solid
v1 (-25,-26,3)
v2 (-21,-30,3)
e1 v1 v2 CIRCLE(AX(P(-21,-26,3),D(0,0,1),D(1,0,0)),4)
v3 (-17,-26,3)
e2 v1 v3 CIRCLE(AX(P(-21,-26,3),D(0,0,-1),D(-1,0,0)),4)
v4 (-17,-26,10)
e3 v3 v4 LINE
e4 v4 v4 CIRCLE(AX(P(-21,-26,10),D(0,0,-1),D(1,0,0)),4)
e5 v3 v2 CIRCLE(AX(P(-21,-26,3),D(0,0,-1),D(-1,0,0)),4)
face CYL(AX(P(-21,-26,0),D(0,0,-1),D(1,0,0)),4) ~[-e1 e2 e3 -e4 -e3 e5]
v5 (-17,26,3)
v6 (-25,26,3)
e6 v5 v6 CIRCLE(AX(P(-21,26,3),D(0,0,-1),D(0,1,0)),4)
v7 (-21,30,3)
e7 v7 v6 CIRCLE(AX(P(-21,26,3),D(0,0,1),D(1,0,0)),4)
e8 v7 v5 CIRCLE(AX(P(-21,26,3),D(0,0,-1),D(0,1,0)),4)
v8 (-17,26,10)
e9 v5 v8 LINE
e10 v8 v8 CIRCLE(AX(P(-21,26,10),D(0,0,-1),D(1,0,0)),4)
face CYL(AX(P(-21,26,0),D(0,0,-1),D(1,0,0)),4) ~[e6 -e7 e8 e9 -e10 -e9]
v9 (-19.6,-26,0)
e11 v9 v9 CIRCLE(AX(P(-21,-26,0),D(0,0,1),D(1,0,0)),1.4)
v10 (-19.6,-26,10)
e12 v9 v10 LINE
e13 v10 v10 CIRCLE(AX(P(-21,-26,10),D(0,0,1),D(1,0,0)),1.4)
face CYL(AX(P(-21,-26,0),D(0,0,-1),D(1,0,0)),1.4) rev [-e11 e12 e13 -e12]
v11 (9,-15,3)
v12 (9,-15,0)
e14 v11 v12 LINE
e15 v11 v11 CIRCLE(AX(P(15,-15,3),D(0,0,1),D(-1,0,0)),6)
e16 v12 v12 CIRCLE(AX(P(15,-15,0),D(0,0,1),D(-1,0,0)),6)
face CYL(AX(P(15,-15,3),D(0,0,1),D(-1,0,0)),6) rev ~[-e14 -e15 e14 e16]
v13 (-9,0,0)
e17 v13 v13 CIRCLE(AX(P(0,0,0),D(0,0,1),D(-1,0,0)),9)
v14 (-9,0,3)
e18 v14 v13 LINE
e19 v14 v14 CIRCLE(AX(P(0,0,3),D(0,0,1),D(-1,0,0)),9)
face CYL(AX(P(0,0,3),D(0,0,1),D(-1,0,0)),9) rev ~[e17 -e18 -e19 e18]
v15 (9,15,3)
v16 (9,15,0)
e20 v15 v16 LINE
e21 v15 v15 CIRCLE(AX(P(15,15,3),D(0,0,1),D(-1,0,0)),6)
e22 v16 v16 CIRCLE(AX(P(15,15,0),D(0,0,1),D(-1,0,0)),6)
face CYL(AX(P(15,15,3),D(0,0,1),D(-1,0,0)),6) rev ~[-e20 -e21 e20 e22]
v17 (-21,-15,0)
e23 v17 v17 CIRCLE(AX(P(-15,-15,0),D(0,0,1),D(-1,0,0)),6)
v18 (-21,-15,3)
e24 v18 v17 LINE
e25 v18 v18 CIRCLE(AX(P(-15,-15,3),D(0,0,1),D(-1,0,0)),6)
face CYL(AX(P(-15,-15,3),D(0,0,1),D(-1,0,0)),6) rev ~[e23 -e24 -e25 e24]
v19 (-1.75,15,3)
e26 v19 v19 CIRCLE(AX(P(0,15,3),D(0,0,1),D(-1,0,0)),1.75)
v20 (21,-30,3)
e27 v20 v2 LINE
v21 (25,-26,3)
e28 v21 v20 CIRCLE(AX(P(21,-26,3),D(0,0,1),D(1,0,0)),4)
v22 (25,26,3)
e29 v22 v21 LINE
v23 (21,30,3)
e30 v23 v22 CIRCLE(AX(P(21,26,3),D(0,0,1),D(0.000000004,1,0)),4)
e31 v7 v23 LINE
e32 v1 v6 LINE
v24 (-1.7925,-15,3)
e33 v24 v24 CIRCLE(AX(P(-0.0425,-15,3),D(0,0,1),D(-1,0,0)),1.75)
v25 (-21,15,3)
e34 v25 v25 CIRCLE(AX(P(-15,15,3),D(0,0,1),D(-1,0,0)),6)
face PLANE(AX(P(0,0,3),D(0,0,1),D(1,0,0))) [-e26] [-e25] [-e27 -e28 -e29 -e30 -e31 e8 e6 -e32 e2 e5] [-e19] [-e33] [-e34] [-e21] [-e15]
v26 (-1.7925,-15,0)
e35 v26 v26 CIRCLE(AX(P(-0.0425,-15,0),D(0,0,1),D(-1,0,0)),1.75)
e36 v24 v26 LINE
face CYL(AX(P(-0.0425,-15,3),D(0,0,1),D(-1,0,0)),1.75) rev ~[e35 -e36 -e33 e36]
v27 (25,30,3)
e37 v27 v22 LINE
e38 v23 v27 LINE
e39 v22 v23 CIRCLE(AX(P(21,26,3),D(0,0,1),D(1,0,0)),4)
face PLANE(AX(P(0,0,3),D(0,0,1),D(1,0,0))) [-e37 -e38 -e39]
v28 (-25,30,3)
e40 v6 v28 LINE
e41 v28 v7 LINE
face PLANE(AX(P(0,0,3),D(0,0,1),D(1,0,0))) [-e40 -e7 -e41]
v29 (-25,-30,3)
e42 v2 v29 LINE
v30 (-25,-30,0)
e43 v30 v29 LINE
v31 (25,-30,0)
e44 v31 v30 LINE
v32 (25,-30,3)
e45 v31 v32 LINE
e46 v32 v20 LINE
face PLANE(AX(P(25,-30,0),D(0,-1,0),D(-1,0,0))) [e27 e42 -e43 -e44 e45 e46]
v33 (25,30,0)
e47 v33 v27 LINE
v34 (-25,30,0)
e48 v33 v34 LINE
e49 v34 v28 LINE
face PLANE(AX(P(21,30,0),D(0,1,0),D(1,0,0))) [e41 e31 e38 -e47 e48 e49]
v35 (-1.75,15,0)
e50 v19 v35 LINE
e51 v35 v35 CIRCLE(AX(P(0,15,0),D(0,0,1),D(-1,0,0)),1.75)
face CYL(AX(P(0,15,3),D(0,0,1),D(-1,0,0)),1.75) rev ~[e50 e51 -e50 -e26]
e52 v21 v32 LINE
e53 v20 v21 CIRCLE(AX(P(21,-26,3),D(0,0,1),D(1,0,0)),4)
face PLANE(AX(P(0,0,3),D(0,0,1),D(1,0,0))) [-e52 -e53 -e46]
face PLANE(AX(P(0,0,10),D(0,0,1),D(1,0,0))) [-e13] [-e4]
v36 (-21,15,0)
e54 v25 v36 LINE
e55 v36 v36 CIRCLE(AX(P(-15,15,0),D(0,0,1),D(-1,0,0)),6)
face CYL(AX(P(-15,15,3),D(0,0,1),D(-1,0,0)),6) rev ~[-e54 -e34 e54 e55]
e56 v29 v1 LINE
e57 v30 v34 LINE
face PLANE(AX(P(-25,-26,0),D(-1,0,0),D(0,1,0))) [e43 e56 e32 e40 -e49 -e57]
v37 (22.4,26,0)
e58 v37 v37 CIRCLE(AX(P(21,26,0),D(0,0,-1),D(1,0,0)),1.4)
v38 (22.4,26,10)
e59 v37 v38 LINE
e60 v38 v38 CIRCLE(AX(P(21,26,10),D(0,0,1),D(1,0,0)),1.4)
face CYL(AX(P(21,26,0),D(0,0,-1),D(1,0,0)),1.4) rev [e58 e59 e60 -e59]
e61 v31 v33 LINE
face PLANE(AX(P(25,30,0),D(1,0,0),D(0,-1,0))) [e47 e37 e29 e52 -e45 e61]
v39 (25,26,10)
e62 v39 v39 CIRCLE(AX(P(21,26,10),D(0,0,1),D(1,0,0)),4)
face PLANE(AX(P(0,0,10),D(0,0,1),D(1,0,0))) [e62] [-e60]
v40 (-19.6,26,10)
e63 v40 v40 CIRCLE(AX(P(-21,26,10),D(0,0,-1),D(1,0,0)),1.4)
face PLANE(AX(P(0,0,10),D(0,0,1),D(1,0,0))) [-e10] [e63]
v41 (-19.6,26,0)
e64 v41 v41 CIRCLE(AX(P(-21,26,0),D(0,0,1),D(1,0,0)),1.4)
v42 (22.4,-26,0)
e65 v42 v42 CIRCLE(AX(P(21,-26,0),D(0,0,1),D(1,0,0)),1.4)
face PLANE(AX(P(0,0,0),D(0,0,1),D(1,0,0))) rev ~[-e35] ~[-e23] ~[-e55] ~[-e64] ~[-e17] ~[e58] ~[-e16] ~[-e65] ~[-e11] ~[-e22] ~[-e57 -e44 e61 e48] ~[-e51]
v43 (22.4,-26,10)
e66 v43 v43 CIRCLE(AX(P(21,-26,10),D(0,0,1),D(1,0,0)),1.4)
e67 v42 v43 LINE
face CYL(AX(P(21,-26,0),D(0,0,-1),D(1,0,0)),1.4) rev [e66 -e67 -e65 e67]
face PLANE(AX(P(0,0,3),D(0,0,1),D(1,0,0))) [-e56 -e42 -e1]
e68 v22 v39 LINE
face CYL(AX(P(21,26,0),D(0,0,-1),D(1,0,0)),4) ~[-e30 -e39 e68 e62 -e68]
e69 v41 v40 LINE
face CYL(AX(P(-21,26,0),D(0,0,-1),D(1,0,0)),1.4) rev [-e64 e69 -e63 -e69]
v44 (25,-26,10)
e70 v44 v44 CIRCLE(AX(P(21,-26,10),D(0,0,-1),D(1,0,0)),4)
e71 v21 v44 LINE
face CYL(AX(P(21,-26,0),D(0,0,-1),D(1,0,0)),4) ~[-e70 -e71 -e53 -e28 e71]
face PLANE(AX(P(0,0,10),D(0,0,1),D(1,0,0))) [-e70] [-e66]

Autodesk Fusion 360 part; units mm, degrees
sketch "Sketch1" plane through (0, 0, 0) normal (0, 0, 1) x (1, 0, 0)
  line L0 (21, -26) -> (-21, -26) construction
  line L1 (-21, -26) -> (-21, 26) construction
  line L2 (-21, 26) -> (21, 26) construction
  line L3 (21, 26) -> (21, -26) construction
  line L4 (21, -26) -> (-21, 26) construction
  line L5 (-21, -26) -> (21, 26) construction
  circle A0 centre (-21, 26) radius 1.4
  circle A1 centre (21, 26) radius 1.4
  circle A2 centre (-21, -26) radius 1.4
  circle A3 centre (21, -26) radius 1.4
  line L6 (10, 45) -> (-10, 45) construction
  line L7 (-10, 45) -> (-10, -45) construction
  line L8 (-10, -45) -> (10, -45) construction
  line L9 (10, -45) -> (10, 45) construction
  line L10 (10, 45) -> (-10, -45) construction
  line L11 (-10, 45) -> (10, -45) construction
  circle A4 centre (-10, 45) radius 1.625
  circle A5 centre (10, 45) radius 1.625
  circle A6 centre (21, -26) radius 4
  circle A7 centre (-21, -26) radius 4
  circle A8 centre (-21, 26) radius 4
  circle A9 centre (21, 26) radius 4
  circle A10 centre (-10, 45) radius 4
  circle A11 centre (10, 45) radius 4
  line L12 (25, -26) -> (-25, -26) construction
  line L13 (-25, -26) -> (-25, 26) construction
  line L14 (-25, 26) -> (25, 26) construction
  line L15 (25, 26) -> (25, -26) construction
  line L16 (25, -26) -> (-25, 26) construction
  line L17 (-25, -26) -> (25, 26) construction
  line L18 (21, -30) -> (-21, -30) construction
  line L19 (-21, -30) -> (-21, 30) construction
  line L20 (-21, 30) -> (21, 30) construction
  line L21 (21, 30) -> (21, -30) construction
  line L22 (21, -30) -> (-21, 30) construction
  line L23 (-21, -30) -> (21, 30) construction
  line L24 (25, -30) -> (-25, -30)
  line L25 (-25, -30) -> (-25, 30)
  line L26 (-25, 30) -> (25, 30)
  line L27 (25, 30) -> (25, -30)
  line L28 (-21, 26) -> (21, 26)
  line L29 (21, 26) -> (21, 49.335)
  line L30 (21, 49.335) -> (-21, 49.335)
  line L31 (-21, 49.335) -> (-21, 26)
  dimension "d1" = 52
  dimension "d2" = 42
  dimension "d3" = 2.8
  dimension "d4" = 2.8
  dimension "d5" = 2.8
  dimension "d6" = 2.8
  dimension "d7" = 90
  dimension "d8" = 20
  dimension "d9" = 3.25
  dimension "d10" = 3.25
  dimension "d11" = 8
  dimension "d12" = 8
  dimension "d13" = 8
  dimension "d14" = 8
  dimension "d15" = 8
  dimension "d16" = 8
  dimension "d17" = 60
  dimension "d18" = 50
extrude "Extrude1" add sketch "Sketch1" along normal blind 3 contours A6 A7 A8 A9 L24 L25 L27 L28 | A8 A9 L26 L28 | A8 L25 L26 | A9 L26 L27 | A7 L24 L25 | A6 L24 L27
extrude "Extrude2" add sketch "Sketch1" along normal blind 10 contours A0 A8 L28 L31 | A0 A8 L28 L31 | A1 A9 L28 L29 | A1 A9 L28 L29 | A7 | A6
sketch "Sketch2" plane through (0, 0, 3) normal (0, 0, 1) x (-1, 0, 0)
  line L0 (25, -26) -> (25, 26)
  line L1 (21, 30) -> (-21, 30)
  line L2 (-25, 26) -> (-25, -26)
  circle A0 centre (0, -15) radius 1.75
  circle A1 centre (0.0425, 15) radius 1.75
  line L3 (-21, -30) -> (21, -30)
  circle A2 centre (0, 0) radius 9
  circle A3 centre (15, -15) radius 6
  circle A4 centre (-15, -15) radius 6
  circle A5 centre (-15, 15) radius 6
  circle A6 centre (15, 15) radius 6
  arc A7 (-21, -30) -> (-25, -26) centre (-21, -26) ccw
  arc A8 (25, -26) -> (21, -30) centre (21, -26) ccw
  arc A9 (21, 30) -> (25, 26) centre (21, 26) ccw
  arc A10 (-25, 26) -> (-21, 30) centre (-21, 26) ccw
  dimension "d23" = 3.5
  dimension "d24" = 3.5
  dimension "d25" = 15
  dimension "d26" = 15
  dimension "d29" = 18
  dimension "d30" = 12
  dimension "d31" = 12
  dimension "d32" = 12
  dimension "d33" = 12
  dimension "d34" = 10
  dimension "d35" = 10
  dimension "d36" = 10
  dimension "d37" = 10
  dimension "d38" = 15
  dimension "d39" = 15
  dimension "d40" = 15
  dimension "d41" = 15
extrude "Extrude3" cut sketch "Sketch2" against normal blind 9 contours A0 | A1 | A2 | A3 | A4 | A5 | A6
equation "d35 = d34"
equation "d36 = d34"
equation "d37 = d34"
equation "d39 = d38"
equation "d40 = d38"
equation "d41 = d38"
